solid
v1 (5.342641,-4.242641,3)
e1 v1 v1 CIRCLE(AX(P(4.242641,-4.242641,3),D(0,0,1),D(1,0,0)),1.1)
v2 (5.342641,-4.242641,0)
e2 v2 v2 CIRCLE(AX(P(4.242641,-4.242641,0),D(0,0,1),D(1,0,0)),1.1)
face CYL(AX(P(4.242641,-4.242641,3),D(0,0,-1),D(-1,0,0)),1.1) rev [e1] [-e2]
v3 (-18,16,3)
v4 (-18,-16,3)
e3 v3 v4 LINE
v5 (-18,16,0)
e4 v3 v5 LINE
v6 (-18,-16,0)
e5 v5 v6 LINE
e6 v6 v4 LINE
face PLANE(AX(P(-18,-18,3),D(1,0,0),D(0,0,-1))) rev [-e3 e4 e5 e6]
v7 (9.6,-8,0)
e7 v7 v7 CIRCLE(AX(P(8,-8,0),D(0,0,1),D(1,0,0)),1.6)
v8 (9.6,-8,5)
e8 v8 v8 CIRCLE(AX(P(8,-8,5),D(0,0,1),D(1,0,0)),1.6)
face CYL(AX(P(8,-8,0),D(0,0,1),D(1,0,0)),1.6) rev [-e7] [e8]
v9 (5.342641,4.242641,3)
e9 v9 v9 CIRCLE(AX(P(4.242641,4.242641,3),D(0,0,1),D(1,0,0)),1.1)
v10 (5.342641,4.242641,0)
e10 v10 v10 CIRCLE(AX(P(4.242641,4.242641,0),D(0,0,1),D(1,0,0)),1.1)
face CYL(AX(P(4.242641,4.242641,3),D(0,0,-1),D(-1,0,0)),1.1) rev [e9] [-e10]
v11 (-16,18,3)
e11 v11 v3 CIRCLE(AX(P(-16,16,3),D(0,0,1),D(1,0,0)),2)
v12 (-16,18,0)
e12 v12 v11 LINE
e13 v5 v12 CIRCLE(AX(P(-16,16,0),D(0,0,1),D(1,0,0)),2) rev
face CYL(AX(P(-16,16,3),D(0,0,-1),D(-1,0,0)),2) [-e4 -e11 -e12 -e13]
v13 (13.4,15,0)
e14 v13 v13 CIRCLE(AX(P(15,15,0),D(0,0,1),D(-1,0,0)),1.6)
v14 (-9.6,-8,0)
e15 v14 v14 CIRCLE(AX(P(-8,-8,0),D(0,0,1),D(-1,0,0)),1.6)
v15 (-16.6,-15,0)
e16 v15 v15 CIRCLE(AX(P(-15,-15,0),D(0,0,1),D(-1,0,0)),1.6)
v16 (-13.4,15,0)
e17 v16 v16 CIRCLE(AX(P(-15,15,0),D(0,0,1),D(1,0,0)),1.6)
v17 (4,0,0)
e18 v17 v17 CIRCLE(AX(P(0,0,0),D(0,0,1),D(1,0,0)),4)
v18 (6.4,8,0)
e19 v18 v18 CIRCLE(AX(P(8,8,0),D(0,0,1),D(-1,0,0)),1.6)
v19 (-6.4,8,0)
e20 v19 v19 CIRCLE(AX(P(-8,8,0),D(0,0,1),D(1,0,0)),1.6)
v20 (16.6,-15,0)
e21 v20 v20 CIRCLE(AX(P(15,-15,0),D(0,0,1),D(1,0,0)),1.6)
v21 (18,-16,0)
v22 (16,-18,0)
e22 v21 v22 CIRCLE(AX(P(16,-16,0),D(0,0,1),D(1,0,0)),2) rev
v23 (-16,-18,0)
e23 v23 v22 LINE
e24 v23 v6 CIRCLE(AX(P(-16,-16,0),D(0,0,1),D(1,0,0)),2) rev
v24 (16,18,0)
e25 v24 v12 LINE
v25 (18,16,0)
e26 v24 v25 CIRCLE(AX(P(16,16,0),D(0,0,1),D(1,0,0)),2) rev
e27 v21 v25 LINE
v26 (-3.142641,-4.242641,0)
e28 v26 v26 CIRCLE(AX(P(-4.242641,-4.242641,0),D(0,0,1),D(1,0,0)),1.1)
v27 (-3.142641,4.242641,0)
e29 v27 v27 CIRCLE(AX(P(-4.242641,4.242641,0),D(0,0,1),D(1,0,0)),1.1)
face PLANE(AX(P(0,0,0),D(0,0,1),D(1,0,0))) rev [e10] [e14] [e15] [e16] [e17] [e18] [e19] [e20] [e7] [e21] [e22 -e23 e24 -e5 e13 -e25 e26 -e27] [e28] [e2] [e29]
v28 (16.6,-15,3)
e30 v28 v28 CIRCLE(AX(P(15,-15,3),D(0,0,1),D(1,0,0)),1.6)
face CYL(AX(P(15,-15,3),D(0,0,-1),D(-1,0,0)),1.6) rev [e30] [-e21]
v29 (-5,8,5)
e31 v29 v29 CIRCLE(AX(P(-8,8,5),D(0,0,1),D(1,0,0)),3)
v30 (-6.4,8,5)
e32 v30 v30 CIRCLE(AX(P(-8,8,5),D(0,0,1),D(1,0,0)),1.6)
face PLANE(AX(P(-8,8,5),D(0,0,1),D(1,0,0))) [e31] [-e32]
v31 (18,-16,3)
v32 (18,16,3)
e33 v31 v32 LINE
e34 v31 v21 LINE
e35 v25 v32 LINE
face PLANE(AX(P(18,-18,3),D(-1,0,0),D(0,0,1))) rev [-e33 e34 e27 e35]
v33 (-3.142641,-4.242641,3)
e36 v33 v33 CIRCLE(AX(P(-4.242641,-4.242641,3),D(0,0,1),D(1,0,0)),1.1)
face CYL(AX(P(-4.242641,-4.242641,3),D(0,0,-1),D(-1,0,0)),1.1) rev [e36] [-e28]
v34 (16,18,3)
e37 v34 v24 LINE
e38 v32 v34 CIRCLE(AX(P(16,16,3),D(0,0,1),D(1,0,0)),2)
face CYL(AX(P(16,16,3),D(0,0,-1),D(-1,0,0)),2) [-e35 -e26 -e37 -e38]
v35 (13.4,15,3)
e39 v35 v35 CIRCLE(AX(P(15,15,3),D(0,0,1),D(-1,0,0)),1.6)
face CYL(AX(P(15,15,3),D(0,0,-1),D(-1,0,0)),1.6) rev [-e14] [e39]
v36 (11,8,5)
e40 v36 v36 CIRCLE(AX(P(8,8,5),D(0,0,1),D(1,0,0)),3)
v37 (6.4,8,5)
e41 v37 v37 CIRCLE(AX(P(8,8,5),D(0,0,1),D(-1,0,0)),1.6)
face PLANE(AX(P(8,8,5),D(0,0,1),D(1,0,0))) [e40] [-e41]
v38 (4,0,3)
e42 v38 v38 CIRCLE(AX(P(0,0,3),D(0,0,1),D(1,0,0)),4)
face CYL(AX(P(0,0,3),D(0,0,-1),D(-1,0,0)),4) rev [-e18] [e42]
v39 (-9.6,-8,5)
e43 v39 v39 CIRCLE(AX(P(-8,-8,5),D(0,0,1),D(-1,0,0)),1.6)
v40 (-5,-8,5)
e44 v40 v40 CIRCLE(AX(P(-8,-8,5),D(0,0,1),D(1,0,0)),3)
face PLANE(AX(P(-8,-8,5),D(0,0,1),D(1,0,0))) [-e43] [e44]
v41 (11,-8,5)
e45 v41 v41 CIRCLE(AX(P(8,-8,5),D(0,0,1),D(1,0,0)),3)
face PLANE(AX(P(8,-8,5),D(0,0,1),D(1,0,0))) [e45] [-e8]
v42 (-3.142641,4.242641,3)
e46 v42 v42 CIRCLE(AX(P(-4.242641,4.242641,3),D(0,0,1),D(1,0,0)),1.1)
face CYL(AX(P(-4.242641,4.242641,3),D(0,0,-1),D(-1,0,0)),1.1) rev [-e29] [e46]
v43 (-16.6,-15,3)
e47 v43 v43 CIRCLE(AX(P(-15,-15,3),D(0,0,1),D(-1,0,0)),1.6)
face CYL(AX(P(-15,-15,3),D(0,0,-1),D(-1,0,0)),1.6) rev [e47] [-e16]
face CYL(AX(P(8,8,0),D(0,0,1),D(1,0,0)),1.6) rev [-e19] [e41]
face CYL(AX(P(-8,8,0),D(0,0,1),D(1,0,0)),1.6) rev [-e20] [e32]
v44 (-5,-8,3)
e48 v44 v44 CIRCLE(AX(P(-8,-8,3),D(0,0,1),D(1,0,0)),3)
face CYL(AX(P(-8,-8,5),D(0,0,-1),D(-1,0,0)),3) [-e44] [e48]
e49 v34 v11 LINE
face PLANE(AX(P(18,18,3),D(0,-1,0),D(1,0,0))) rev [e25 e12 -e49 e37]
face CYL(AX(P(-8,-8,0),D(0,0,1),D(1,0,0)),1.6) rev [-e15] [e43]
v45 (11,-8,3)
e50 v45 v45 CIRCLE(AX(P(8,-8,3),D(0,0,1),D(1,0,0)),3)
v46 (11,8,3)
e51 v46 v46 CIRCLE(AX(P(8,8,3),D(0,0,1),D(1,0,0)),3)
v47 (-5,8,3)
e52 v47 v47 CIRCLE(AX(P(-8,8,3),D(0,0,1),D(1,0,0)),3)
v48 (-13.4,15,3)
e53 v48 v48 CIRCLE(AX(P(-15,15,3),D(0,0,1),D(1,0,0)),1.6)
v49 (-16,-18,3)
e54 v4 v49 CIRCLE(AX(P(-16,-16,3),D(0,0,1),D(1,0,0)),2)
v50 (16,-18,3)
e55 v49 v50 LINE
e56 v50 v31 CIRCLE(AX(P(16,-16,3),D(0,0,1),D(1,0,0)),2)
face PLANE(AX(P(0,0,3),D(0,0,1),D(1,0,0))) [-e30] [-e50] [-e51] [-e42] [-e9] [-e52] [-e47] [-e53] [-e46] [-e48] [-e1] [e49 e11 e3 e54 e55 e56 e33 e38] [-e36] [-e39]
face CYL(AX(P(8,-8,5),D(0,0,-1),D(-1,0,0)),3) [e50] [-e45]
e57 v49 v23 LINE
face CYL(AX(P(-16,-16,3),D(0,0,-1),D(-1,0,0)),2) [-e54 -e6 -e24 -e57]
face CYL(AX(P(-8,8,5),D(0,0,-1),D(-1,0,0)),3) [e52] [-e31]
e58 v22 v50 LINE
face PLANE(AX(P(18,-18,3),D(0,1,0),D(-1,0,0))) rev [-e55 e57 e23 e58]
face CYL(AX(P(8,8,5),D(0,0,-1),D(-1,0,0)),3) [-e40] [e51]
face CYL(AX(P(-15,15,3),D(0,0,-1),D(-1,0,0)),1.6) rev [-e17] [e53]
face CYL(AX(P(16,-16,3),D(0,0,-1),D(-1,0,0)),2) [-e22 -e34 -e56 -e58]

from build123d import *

# Parameters (mm, degrees)
ESQUISSE1_W             = 36
ESQUISSE1_H             = 36
ESQUISSE1_R             = 1.1
ESQUISSE1_R_2           = 4
ESQUISSE1_R_3           = 1.6
BOSS_EXTRU_1_DEPTH      = 3
ESQUISSE2_R             = 3
BOSS_EXTRU_2_DEPTH      = 2
ESQUISSE3_R             = 1.6
ENL_V_MAT_EXTRU_1_DEPTH = 26.942243542
CONG_1_R                = 2


with BuildPart() as part:
    # Esquisse1 → Boss.-Extru.1 (new body)
    with BuildSketch(Plane.XY):
        Rectangle(ESQUISSE1_W, ESQUISSE1_H)
        with Locations((-4.242640687, 4.242640687)):
            Circle(ESQUISSE1_R, mode=Mode.SUBTRACT)
        with Locations((4.242640687, 4.242640687)):
            Circle(ESQUISSE1_R, mode=Mode.SUBTRACT)
        with Locations((4.242640687, -4.242640687)):
            Circle(ESQUISSE1_R, mode=Mode.SUBTRACT)
        with Locations((-4.242640687, -4.242640687)):
            Circle(ESQUISSE1_R, mode=Mode.SUBTRACT)
        Circle(ESQUISSE1_R_2, mode=Mode.SUBTRACT)
        with Locations((-15, 15)):
            Circle(ESQUISSE1_R_3, mode=Mode.SUBTRACT)
        with Locations(Location((15, 15, 0), (0, 0, 180))):
            Circle(ESQUISSE1_R_3, mode=Mode.SUBTRACT)
        with Locations((15, -15)):
            Circle(ESQUISSE1_R_3, mode=Mode.SUBTRACT)
        with Locations(Location((-15, -15, 0), (0, 0, 180))):
            Circle(ESQUISSE1_R_3, mode=Mode.SUBTRACT)
    extrude(amount=BOSS_EXTRU_1_DEPTH)

    # Esquisse2 → Boss.-Extru.2 (add)
    with BuildSketch(Plane.XY.offset(3)):
        with Locations((-8, 8)):
            Circle(ESQUISSE2_R)
        with Locations((8, 8)):
            Circle(ESQUISSE2_R)
        with Locations((8, -8)):
            Circle(ESQUISSE2_R)
        with Locations((-8, -8)):
            Circle(ESQUISSE2_R)
    extrude(amount=BOSS_EXTRU_2_DEPTH)

    # Esquisse3 → Enlèv. mat.-Extru.1 (cut, through all)
    with BuildSketch(Plane.XY.offset(5)):
        with Locations((-8, 8)):
            Circle(ESQUISSE3_R)
        with Locations(Location((8, 8, 0), (0, 0, 180))):
            Circle(ESQUISSE3_R)
        with Locations((8, -8)):
            Circle(ESQUISSE3_R)
        with Locations(Location((-8, -8, 0), (0, 0, 180))):
            Circle(ESQUISSE3_R)
    extrude(amount=-ENL_V_MAT_EXTRU_1_DEPTH, mode=Mode.SUBTRACT)

    # Congé1
    cong_1_edges = [part.edges().sort_by_distance(p)[0] for p in [
        (-18, 18, 1.5),
        (18, 18, 1.5),
        (18, -18, 1.5),
        (-18, -18, 1.5),
    ]]
    fillet(cong_1_edges, radius=CONG_1_R)


solid = part.part
